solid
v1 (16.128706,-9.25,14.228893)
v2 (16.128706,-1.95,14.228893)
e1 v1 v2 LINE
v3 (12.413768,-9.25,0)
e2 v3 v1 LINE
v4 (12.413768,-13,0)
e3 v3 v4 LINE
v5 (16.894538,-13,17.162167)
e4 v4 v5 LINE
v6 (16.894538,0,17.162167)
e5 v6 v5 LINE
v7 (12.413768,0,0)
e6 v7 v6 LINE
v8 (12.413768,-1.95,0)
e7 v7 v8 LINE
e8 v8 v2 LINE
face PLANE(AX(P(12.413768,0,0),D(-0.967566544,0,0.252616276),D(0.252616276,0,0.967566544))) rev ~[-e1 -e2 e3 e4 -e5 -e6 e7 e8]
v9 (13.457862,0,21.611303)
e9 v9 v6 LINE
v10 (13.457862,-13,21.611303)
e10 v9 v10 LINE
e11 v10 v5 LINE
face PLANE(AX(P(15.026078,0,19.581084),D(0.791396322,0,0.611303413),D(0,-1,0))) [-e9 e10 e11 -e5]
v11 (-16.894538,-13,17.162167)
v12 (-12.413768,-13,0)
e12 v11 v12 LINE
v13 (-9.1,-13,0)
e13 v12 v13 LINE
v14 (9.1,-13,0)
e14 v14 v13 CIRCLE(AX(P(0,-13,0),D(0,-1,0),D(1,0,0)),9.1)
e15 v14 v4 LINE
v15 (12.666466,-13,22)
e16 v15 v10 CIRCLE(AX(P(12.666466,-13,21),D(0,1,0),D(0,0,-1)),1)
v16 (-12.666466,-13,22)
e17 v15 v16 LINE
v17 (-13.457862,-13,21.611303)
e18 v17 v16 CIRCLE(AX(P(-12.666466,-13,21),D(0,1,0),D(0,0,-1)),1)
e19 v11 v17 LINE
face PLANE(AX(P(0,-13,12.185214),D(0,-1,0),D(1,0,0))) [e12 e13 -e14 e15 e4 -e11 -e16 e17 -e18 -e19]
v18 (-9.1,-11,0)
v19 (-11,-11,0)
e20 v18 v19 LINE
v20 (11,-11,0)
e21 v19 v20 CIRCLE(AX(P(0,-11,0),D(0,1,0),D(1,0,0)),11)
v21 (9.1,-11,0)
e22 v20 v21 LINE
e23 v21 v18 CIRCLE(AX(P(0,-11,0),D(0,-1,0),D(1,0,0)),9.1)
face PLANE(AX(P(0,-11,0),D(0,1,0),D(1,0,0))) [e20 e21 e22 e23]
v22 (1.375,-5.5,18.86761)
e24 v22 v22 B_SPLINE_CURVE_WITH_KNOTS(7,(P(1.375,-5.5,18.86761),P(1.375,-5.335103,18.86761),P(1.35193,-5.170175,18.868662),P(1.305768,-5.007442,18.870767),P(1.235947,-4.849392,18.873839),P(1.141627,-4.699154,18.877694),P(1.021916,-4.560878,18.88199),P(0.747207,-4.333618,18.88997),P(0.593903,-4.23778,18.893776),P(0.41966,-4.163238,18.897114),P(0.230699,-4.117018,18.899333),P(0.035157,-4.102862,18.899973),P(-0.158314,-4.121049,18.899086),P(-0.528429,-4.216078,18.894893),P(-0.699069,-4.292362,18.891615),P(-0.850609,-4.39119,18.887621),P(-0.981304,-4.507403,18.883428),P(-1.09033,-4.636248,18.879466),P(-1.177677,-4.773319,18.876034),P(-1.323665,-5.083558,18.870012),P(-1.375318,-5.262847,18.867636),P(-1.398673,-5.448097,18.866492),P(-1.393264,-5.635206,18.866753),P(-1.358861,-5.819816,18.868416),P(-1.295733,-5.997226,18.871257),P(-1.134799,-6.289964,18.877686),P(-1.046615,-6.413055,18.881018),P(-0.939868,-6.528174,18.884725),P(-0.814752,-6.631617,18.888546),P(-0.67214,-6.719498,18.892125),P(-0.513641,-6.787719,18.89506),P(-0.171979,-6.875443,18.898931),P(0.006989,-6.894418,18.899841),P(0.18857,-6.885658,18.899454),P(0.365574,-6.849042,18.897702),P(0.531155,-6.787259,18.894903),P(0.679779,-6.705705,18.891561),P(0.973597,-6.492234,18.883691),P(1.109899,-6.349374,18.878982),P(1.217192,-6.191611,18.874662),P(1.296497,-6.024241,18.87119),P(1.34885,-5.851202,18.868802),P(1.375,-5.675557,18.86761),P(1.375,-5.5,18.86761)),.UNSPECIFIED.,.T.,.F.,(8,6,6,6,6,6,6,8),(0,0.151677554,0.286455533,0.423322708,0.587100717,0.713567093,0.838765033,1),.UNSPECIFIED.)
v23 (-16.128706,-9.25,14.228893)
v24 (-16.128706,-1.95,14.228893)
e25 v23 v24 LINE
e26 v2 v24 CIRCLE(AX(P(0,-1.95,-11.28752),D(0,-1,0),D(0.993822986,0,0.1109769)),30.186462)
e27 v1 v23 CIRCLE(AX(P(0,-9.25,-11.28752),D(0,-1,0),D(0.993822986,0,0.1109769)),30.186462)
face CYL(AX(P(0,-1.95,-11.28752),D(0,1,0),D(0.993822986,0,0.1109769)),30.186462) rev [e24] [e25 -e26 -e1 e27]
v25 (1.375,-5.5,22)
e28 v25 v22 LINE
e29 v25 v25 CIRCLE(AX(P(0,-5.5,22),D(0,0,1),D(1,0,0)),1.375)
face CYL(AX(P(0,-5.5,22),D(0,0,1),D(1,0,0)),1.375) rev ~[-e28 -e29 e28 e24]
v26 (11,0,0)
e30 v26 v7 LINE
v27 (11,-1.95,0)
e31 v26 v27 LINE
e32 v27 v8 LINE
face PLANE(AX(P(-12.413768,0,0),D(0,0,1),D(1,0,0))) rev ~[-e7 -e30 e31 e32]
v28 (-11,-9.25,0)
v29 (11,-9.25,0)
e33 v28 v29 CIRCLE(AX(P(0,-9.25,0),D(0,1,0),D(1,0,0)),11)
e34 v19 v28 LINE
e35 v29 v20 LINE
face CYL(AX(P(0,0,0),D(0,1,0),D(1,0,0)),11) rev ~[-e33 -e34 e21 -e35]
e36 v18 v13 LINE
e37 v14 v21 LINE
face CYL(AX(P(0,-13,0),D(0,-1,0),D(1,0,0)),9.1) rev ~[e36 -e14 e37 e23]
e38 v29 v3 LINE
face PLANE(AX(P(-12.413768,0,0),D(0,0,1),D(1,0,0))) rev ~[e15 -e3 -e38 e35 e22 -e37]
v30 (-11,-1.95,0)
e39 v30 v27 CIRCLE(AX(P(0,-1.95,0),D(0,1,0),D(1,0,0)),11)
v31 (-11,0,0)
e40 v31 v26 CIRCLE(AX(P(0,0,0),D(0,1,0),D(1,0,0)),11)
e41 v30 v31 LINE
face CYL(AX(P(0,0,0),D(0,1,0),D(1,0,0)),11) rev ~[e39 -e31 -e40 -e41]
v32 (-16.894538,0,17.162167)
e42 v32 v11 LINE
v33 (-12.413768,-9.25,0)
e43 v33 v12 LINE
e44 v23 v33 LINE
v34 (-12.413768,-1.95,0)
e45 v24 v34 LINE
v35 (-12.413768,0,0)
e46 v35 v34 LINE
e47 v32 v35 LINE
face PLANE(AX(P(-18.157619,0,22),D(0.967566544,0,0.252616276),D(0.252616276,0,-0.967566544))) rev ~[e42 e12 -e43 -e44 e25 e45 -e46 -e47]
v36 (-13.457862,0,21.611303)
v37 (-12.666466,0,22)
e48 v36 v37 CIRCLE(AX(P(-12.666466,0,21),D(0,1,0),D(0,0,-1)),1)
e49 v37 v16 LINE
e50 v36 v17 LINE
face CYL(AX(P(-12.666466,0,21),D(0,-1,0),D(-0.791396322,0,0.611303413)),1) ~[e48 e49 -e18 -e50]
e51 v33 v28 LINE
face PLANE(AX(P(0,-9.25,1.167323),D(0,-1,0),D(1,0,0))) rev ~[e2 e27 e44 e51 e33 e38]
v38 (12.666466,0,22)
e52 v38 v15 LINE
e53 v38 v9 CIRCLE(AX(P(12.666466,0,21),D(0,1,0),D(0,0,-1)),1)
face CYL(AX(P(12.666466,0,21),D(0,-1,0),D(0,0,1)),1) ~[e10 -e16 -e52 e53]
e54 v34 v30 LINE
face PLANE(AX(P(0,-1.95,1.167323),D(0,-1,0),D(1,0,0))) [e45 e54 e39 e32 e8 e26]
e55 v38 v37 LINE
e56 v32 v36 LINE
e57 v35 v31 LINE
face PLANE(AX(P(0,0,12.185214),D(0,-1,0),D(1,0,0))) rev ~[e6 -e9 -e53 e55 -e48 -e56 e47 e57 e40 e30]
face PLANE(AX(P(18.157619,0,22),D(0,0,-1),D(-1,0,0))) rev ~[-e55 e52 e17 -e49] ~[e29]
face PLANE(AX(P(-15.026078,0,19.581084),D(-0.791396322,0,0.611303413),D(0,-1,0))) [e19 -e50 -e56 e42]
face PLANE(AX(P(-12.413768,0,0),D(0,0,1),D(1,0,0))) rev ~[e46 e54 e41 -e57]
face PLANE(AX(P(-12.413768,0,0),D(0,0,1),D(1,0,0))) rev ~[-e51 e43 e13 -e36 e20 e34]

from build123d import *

# Parameters (mm, degrees)
PAD040_DEPTH            = 7.3
BODY031_PLACEMENT_ANGLE = 90
PAD042_DEPTH            = 13
SKETCH139_R             = 11
POCKET086_DEPTH         = 11
SKETCH140_R             = 9.1
POCKET087_DEPTH         = 5
SKETCH141_R             = 1.375
POCKET088_DEPTH         = 5
CHAMFER021_SIZE         = 5
FILLET005_R             = 1


with BuildPart() as cortar_aleros:
    # Sketch132 → Pad040 (new body)
    with BuildSketch(Plane.XY):
        with BuildLine():
            ThreePointArc((30, -7.93752), (0, 18.8989421975), (-30, -7.93752))
            Line((-30, -7.93752), (30, -7.93752))
        make_face()
    extrude(amount=PAD040_DEPTH)


with BuildPart() as cortar_aleros_1:
    # Body031 placement: moved
    add(cortar_aleros.part.moved(Location((0, -1.95, 0))).rotate(Axis((0, -1.95, 0), (1, 0, 0)), BODY031_PLACEMENT_ANGLE))


with BuildPart() as grip_superior:
    # Sketch138 → Pad042 (new body)
    with BuildSketch(Plane.XZ):
        Polygon((-12.413768, 0), (12.413768, 0), (18.157619, 22), (-18.157619, 22), align=None)
    extrude(amount=PAD042_DEPTH)

    # Sketch139 (on Face5 of Pad042) → Pocket086 (cut)
    with BuildSketch(Plane(origin=(0, 0, 0), x_dir=(1, 0, 0), z_dir=(0, 1, 0))):
        Circle(SKETCH139_R)
    extrude(amount=-POCKET086_DEPTH, mode=Mode.SUBTRACT)

    # Sketch140 (on Face6 of Pocket086) → Pocket087 (cut)
    with BuildSketch(Plane.XZ.offset(13)):
        Circle(SKETCH140_R)
    extrude(amount=-POCKET087_DEPTH, mode=Mode.SUBTRACT)

    # Boolean: cut cortar aleros
    add(cortar_aleros_1.part, mode=Mode.SUBTRACT)

    # Sketch141 (on Face6 of Boolean) → Pocket088 (cut)
    with BuildSketch(Plane.XY.offset(22)):
        with Locations((0, -5.5)):
            Circle(SKETCH141_R)
    extrude(amount=-POCKET088_DEPTH, mode=Mode.SUBTRACT)

    # Chamfer021
    chamfer021_edges = [grip_superior.edges().sort_by_distance(p)[0] for p in [
        (-18.157619, -6.5, 22),
        (18.157619, -6.5, 22),
    ]]
    chamfer(chamfer021_edges, length=CHAMFER021_SIZE)

    # Fillet005
    fillet005_edges = [grip_superior.edges().sort_by_distance(p)[0] for p in [
        (-13.157619, -6.5, 22),
        (13.157619, -6.5, 22),
    ]]
    fillet(fillet005_edges, radius=FILLET005_R)


solid = grip_superior.part
